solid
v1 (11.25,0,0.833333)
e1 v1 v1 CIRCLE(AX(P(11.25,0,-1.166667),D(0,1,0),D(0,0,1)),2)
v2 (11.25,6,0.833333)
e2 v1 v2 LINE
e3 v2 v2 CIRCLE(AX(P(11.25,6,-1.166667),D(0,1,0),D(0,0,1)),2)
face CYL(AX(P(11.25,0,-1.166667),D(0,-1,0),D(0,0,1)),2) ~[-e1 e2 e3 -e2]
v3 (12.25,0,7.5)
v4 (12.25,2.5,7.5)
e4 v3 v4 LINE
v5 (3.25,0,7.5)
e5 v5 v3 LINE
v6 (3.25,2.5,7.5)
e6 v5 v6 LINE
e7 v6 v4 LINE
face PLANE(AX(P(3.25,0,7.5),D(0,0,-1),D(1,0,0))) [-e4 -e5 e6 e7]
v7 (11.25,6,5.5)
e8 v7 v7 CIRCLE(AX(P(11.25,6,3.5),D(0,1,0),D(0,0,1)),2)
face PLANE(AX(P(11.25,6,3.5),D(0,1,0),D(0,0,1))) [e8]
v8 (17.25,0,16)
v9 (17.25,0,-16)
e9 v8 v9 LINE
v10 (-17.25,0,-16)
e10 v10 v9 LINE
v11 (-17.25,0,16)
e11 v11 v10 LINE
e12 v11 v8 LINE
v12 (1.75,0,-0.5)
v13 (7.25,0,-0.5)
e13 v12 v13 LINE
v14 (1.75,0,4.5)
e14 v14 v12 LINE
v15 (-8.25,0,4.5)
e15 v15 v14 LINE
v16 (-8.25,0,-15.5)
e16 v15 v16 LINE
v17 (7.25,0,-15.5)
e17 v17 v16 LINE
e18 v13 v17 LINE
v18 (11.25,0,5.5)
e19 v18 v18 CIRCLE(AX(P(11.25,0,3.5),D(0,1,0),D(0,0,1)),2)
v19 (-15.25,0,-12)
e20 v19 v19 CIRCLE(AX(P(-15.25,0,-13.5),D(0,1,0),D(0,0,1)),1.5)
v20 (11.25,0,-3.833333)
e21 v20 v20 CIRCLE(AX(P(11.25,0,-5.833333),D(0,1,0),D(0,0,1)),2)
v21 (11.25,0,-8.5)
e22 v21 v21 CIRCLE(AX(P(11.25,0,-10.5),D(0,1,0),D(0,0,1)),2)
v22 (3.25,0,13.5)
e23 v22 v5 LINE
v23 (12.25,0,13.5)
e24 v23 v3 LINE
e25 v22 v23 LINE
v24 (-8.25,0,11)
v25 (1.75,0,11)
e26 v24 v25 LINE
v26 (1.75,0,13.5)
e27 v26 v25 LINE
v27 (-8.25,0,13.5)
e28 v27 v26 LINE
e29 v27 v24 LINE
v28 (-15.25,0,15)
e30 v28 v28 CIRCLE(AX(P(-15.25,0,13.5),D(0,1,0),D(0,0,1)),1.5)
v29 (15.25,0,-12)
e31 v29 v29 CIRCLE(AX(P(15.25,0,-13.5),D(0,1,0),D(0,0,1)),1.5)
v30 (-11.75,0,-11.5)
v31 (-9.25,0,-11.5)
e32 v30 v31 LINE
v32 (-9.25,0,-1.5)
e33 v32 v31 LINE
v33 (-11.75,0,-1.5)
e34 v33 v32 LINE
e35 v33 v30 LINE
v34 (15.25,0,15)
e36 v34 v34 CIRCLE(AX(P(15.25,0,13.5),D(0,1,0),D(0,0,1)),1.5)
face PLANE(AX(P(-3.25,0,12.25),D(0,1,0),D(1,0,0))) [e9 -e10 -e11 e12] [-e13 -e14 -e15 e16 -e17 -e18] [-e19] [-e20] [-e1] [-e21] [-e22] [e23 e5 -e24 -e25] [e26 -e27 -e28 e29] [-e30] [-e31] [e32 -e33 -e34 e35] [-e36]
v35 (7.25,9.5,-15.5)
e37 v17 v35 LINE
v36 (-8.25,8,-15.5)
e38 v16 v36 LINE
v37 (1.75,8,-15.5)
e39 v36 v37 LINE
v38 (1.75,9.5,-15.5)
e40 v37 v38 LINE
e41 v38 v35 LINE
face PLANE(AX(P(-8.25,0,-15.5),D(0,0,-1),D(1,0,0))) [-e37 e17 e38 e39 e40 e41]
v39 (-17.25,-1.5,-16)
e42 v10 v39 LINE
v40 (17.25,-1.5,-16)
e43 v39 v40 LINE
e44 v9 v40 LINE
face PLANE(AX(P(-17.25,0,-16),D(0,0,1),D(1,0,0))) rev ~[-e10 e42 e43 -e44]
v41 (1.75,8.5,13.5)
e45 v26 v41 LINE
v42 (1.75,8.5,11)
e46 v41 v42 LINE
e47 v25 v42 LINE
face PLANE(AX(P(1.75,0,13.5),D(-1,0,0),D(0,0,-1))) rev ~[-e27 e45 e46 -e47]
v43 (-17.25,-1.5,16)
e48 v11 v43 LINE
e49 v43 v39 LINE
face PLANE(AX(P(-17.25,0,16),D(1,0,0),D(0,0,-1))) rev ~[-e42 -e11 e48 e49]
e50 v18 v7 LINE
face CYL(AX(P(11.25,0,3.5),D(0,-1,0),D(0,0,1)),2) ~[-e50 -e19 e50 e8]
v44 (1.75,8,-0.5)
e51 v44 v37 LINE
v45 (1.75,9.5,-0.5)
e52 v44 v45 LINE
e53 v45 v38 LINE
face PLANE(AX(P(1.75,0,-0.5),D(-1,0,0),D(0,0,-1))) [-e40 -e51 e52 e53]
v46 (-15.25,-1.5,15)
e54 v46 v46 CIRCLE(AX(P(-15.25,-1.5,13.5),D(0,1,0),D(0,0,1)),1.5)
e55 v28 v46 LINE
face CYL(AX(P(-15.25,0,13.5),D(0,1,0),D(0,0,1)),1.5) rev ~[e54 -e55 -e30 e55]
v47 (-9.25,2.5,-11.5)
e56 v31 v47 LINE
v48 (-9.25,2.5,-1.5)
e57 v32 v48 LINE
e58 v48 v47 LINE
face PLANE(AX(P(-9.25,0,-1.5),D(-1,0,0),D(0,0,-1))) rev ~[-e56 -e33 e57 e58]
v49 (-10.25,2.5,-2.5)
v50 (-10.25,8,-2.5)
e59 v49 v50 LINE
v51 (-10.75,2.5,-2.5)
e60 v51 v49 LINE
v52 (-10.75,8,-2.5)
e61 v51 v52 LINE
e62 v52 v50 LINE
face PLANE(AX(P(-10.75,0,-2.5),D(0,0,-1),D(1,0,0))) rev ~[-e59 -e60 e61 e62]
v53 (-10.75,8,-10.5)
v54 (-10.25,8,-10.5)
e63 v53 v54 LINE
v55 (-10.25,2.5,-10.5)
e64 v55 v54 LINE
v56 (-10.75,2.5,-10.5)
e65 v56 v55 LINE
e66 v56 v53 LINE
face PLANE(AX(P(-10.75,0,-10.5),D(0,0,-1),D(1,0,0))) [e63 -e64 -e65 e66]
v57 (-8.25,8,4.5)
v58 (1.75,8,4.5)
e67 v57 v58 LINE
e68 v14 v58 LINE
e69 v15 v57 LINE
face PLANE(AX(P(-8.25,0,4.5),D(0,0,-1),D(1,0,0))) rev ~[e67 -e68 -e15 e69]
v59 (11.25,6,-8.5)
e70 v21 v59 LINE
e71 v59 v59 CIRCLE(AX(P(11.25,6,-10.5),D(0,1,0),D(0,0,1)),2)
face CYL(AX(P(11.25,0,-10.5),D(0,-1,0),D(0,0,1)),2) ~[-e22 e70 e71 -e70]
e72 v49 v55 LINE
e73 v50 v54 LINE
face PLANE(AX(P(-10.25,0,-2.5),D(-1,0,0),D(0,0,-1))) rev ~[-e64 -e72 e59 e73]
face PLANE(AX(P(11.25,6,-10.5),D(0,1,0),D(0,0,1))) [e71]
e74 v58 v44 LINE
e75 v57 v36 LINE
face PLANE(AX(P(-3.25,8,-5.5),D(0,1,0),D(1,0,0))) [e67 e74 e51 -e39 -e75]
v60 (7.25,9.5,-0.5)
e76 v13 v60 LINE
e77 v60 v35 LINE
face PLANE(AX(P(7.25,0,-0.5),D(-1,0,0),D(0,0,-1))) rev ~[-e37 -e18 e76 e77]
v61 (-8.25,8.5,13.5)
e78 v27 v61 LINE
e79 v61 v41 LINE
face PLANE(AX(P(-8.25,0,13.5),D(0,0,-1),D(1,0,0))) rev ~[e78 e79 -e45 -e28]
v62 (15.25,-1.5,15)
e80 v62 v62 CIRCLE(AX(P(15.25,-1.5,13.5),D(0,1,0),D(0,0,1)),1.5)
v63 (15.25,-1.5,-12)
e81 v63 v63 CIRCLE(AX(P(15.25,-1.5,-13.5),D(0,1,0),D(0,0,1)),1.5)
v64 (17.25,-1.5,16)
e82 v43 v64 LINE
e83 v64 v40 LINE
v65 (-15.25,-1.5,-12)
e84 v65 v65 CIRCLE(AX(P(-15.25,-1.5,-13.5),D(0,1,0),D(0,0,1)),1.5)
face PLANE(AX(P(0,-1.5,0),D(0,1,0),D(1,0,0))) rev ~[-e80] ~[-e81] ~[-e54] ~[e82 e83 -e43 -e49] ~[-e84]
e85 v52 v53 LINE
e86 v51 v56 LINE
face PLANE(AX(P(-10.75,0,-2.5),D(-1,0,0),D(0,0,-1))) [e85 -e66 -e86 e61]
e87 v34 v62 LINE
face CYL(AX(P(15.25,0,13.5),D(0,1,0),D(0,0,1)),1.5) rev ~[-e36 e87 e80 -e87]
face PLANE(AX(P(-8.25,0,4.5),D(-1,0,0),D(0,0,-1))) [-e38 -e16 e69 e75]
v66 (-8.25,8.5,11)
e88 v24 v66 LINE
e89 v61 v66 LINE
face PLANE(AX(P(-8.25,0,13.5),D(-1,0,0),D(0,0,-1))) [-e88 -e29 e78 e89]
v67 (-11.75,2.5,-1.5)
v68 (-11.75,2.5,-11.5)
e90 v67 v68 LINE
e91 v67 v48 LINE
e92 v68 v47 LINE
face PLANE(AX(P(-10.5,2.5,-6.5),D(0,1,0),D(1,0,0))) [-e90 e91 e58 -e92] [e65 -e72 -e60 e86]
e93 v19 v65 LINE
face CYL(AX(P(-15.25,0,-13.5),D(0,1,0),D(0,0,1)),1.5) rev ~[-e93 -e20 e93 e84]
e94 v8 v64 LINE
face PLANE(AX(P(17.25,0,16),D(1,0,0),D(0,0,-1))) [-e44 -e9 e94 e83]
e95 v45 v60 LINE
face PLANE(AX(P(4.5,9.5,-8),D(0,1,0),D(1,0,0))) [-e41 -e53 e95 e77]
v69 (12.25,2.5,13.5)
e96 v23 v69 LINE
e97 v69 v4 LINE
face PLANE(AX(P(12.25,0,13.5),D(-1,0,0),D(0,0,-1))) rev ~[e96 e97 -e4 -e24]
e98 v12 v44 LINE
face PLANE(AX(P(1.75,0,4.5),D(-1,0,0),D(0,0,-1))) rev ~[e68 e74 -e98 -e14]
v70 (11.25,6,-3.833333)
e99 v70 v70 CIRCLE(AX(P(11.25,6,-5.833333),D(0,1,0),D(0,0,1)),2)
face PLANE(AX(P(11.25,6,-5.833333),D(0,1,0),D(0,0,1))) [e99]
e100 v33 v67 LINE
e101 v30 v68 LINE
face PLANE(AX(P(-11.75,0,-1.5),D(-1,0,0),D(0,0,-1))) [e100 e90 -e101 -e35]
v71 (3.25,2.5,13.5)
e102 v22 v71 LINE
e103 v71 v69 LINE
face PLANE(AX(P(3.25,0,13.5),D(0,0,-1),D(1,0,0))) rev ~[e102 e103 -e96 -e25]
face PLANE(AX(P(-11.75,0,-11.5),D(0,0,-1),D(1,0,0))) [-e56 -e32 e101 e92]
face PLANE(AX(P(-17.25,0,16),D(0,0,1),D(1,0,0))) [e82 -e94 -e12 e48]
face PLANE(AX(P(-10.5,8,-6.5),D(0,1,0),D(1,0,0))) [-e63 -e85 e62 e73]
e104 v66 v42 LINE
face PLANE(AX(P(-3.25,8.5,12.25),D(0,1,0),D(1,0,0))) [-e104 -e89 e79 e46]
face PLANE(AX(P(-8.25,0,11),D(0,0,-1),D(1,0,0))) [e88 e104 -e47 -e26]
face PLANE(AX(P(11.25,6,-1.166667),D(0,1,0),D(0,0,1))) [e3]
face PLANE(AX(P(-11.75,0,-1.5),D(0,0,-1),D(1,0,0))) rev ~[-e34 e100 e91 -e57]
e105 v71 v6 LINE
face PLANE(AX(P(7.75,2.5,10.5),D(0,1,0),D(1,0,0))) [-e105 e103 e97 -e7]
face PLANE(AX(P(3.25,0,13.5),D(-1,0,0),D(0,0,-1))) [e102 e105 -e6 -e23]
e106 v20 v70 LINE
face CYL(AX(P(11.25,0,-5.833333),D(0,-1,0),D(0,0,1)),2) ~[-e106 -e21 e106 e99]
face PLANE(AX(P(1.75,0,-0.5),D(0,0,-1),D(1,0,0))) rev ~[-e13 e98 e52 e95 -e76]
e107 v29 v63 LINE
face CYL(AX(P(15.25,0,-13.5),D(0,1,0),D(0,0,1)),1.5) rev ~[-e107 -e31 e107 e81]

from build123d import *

# Parameters (mm, degrees)
SKETCH_1_W      = 34.5
SKETCH_1_H      = 32
SKETCH_1_R      = 1.5
EXTRUDE_1_DEPTH = 1.5
SKETCH_1_3_R    = 2
EXTRUDE_2_DEPTH = 6
SKETCH_1_4_W    = 9
SKETCH_1_4_H    = 6
EXTRUDE_3_DEPTH = 2.5
SKETCH_1_5_W    = 10
SKETCH_1_5_H    = 2.5
EXTRUDE_4_DEPTH = 8.5
SKETCH_1_6_W    = 5.5
SKETCH_1_6_H    = 15
EXTRUDE_5_DEPTH = 9.5
EXTRUDE_6_DEPTH = 8
SKETCH_1_9_W    = 0.5
SKETCH_1_9_H    = 8
EXTRUDE_7_DEPTH = 8
SKETCH_1_10_W   = 2.5
SKETCH_1_10_H   = 10
SKETCH_1_10_W_2 = 0.5
SKETCH_1_10_H_2 = 8
EXTRUDE_8_DEPTH = 2.5


with BuildPart() as part:
    # Эскиз1 → Бобышка-Вытянуть1 (new body)
    with BuildSketch(Plane(origin=(0, 0, 0), x_dir=(1, 0, 0), z_dir=(0, 1, 0))):
        Rectangle(SKETCH_1_W, SKETCH_1_H)
        with Locations((-15.25, -13.5)):
            Circle(SKETCH_1_R, mode=Mode.SUBTRACT)
        with Locations((15.25, -13.5)):
            Circle(SKETCH_1_R, mode=Mode.SUBTRACT)
        with Locations((-15.25, 13.5)):
            Circle(SKETCH_1_R, mode=Mode.SUBTRACT)
        with Locations((15.25, 13.5)):
            Circle(SKETCH_1_R, mode=Mode.SUBTRACT)
    extrude(amount=-EXTRUDE_1_DEPTH)

    # Эскиз1<3> → Бобышка-Вытянуть2 (add)
    with BuildSketch(Plane(origin=(0, 0, 0), x_dir=(1, 0, 0), z_dir=(0, 1, 0))):
        with Locations((11.25, 10.5)):
            Circle(SKETCH_1_3_R)
        with Locations((11.25, 5.833333333)):
            Circle(SKETCH_1_3_R)
        with Locations((11.25, 1.166666667)):
            Circle(SKETCH_1_3_R)
        with Locations((11.25, -3.5)):
            Circle(SKETCH_1_3_R)
    extrude(amount=EXTRUDE_2_DEPTH)

    # Эскиз1<4> → Бобышка-Вытянуть3 (add)
    with BuildSketch(Plane(origin=(0, 0, 0), x_dir=(1, 0, 0), z_dir=(0, 1, 0))):
        with Locations((7.75, -10.5)):
            Rectangle(SKETCH_1_4_W, SKETCH_1_4_H)
    extrude(amount=EXTRUDE_3_DEPTH)

    # Эскиз1<5> → Бобышка-Вытянуть4 (add)
    with BuildSketch(Plane(origin=(0, 0, 0), x_dir=(1, 0, 0), z_dir=(0, 1, 0))):
        with Locations((-3.25, -12.25)):
            Rectangle(SKETCH_1_5_W, SKETCH_1_5_H)
    extrude(amount=EXTRUDE_4_DEPTH)

    # Эскиз1<6> → Бобышка-Вытянуть5 (add)
    with BuildSketch(Plane(origin=(0, 0, 0), x_dir=(1, 0, 0), z_dir=(0, 1, 0))):
        with Locations((4.5, 8)):
            Rectangle(SKETCH_1_6_W, SKETCH_1_6_H)
    extrude(amount=EXTRUDE_5_DEPTH)

    # Эскиз1<7> → Бобышка-Вытянуть6 (add)
    with BuildSketch(Plane(origin=(0, 0, 0), x_dir=(1, 0, 0), z_dir=(0, 1, 0))):
        Polygon((1.75, 15.5), (-8.25, 15.5), (-8.25, -4.5), (1.75, -4.5), (1.75, 0.5), align=None)
    extrude(amount=EXTRUDE_6_DEPTH)

    # Эскиз1<9> → Бобышка-Вытянуть7 (add)
    with BuildSketch(Plane(origin=(0, 0, 0), x_dir=(1, 0, 0), z_dir=(0, 1, 0))):
        with Locations((-10.5, 6.5)):
            Rectangle(SKETCH_1_9_W, SKETCH_1_9_H)
    extrude(amount=EXTRUDE_7_DEPTH)

    # Эскиз1<10> → Бобышка-Вытянуть8 (add)
    with BuildSketch(Plane(origin=(0, 0, 0), x_dir=(1, 0, 0), z_dir=(0, 1, 0))):
        with Locations((-10.5, 6.5)):
            Rectangle(SKETCH_1_10_W, SKETCH_1_10_H)
        with Locations((-10.5, 6.5)):
            Rectangle(SKETCH_1_10_W_2, SKETCH_1_10_H_2, mode=Mode.SUBTRACT)
    extrude(amount=EXTRUDE_8_DEPTH)


solid = part.part
